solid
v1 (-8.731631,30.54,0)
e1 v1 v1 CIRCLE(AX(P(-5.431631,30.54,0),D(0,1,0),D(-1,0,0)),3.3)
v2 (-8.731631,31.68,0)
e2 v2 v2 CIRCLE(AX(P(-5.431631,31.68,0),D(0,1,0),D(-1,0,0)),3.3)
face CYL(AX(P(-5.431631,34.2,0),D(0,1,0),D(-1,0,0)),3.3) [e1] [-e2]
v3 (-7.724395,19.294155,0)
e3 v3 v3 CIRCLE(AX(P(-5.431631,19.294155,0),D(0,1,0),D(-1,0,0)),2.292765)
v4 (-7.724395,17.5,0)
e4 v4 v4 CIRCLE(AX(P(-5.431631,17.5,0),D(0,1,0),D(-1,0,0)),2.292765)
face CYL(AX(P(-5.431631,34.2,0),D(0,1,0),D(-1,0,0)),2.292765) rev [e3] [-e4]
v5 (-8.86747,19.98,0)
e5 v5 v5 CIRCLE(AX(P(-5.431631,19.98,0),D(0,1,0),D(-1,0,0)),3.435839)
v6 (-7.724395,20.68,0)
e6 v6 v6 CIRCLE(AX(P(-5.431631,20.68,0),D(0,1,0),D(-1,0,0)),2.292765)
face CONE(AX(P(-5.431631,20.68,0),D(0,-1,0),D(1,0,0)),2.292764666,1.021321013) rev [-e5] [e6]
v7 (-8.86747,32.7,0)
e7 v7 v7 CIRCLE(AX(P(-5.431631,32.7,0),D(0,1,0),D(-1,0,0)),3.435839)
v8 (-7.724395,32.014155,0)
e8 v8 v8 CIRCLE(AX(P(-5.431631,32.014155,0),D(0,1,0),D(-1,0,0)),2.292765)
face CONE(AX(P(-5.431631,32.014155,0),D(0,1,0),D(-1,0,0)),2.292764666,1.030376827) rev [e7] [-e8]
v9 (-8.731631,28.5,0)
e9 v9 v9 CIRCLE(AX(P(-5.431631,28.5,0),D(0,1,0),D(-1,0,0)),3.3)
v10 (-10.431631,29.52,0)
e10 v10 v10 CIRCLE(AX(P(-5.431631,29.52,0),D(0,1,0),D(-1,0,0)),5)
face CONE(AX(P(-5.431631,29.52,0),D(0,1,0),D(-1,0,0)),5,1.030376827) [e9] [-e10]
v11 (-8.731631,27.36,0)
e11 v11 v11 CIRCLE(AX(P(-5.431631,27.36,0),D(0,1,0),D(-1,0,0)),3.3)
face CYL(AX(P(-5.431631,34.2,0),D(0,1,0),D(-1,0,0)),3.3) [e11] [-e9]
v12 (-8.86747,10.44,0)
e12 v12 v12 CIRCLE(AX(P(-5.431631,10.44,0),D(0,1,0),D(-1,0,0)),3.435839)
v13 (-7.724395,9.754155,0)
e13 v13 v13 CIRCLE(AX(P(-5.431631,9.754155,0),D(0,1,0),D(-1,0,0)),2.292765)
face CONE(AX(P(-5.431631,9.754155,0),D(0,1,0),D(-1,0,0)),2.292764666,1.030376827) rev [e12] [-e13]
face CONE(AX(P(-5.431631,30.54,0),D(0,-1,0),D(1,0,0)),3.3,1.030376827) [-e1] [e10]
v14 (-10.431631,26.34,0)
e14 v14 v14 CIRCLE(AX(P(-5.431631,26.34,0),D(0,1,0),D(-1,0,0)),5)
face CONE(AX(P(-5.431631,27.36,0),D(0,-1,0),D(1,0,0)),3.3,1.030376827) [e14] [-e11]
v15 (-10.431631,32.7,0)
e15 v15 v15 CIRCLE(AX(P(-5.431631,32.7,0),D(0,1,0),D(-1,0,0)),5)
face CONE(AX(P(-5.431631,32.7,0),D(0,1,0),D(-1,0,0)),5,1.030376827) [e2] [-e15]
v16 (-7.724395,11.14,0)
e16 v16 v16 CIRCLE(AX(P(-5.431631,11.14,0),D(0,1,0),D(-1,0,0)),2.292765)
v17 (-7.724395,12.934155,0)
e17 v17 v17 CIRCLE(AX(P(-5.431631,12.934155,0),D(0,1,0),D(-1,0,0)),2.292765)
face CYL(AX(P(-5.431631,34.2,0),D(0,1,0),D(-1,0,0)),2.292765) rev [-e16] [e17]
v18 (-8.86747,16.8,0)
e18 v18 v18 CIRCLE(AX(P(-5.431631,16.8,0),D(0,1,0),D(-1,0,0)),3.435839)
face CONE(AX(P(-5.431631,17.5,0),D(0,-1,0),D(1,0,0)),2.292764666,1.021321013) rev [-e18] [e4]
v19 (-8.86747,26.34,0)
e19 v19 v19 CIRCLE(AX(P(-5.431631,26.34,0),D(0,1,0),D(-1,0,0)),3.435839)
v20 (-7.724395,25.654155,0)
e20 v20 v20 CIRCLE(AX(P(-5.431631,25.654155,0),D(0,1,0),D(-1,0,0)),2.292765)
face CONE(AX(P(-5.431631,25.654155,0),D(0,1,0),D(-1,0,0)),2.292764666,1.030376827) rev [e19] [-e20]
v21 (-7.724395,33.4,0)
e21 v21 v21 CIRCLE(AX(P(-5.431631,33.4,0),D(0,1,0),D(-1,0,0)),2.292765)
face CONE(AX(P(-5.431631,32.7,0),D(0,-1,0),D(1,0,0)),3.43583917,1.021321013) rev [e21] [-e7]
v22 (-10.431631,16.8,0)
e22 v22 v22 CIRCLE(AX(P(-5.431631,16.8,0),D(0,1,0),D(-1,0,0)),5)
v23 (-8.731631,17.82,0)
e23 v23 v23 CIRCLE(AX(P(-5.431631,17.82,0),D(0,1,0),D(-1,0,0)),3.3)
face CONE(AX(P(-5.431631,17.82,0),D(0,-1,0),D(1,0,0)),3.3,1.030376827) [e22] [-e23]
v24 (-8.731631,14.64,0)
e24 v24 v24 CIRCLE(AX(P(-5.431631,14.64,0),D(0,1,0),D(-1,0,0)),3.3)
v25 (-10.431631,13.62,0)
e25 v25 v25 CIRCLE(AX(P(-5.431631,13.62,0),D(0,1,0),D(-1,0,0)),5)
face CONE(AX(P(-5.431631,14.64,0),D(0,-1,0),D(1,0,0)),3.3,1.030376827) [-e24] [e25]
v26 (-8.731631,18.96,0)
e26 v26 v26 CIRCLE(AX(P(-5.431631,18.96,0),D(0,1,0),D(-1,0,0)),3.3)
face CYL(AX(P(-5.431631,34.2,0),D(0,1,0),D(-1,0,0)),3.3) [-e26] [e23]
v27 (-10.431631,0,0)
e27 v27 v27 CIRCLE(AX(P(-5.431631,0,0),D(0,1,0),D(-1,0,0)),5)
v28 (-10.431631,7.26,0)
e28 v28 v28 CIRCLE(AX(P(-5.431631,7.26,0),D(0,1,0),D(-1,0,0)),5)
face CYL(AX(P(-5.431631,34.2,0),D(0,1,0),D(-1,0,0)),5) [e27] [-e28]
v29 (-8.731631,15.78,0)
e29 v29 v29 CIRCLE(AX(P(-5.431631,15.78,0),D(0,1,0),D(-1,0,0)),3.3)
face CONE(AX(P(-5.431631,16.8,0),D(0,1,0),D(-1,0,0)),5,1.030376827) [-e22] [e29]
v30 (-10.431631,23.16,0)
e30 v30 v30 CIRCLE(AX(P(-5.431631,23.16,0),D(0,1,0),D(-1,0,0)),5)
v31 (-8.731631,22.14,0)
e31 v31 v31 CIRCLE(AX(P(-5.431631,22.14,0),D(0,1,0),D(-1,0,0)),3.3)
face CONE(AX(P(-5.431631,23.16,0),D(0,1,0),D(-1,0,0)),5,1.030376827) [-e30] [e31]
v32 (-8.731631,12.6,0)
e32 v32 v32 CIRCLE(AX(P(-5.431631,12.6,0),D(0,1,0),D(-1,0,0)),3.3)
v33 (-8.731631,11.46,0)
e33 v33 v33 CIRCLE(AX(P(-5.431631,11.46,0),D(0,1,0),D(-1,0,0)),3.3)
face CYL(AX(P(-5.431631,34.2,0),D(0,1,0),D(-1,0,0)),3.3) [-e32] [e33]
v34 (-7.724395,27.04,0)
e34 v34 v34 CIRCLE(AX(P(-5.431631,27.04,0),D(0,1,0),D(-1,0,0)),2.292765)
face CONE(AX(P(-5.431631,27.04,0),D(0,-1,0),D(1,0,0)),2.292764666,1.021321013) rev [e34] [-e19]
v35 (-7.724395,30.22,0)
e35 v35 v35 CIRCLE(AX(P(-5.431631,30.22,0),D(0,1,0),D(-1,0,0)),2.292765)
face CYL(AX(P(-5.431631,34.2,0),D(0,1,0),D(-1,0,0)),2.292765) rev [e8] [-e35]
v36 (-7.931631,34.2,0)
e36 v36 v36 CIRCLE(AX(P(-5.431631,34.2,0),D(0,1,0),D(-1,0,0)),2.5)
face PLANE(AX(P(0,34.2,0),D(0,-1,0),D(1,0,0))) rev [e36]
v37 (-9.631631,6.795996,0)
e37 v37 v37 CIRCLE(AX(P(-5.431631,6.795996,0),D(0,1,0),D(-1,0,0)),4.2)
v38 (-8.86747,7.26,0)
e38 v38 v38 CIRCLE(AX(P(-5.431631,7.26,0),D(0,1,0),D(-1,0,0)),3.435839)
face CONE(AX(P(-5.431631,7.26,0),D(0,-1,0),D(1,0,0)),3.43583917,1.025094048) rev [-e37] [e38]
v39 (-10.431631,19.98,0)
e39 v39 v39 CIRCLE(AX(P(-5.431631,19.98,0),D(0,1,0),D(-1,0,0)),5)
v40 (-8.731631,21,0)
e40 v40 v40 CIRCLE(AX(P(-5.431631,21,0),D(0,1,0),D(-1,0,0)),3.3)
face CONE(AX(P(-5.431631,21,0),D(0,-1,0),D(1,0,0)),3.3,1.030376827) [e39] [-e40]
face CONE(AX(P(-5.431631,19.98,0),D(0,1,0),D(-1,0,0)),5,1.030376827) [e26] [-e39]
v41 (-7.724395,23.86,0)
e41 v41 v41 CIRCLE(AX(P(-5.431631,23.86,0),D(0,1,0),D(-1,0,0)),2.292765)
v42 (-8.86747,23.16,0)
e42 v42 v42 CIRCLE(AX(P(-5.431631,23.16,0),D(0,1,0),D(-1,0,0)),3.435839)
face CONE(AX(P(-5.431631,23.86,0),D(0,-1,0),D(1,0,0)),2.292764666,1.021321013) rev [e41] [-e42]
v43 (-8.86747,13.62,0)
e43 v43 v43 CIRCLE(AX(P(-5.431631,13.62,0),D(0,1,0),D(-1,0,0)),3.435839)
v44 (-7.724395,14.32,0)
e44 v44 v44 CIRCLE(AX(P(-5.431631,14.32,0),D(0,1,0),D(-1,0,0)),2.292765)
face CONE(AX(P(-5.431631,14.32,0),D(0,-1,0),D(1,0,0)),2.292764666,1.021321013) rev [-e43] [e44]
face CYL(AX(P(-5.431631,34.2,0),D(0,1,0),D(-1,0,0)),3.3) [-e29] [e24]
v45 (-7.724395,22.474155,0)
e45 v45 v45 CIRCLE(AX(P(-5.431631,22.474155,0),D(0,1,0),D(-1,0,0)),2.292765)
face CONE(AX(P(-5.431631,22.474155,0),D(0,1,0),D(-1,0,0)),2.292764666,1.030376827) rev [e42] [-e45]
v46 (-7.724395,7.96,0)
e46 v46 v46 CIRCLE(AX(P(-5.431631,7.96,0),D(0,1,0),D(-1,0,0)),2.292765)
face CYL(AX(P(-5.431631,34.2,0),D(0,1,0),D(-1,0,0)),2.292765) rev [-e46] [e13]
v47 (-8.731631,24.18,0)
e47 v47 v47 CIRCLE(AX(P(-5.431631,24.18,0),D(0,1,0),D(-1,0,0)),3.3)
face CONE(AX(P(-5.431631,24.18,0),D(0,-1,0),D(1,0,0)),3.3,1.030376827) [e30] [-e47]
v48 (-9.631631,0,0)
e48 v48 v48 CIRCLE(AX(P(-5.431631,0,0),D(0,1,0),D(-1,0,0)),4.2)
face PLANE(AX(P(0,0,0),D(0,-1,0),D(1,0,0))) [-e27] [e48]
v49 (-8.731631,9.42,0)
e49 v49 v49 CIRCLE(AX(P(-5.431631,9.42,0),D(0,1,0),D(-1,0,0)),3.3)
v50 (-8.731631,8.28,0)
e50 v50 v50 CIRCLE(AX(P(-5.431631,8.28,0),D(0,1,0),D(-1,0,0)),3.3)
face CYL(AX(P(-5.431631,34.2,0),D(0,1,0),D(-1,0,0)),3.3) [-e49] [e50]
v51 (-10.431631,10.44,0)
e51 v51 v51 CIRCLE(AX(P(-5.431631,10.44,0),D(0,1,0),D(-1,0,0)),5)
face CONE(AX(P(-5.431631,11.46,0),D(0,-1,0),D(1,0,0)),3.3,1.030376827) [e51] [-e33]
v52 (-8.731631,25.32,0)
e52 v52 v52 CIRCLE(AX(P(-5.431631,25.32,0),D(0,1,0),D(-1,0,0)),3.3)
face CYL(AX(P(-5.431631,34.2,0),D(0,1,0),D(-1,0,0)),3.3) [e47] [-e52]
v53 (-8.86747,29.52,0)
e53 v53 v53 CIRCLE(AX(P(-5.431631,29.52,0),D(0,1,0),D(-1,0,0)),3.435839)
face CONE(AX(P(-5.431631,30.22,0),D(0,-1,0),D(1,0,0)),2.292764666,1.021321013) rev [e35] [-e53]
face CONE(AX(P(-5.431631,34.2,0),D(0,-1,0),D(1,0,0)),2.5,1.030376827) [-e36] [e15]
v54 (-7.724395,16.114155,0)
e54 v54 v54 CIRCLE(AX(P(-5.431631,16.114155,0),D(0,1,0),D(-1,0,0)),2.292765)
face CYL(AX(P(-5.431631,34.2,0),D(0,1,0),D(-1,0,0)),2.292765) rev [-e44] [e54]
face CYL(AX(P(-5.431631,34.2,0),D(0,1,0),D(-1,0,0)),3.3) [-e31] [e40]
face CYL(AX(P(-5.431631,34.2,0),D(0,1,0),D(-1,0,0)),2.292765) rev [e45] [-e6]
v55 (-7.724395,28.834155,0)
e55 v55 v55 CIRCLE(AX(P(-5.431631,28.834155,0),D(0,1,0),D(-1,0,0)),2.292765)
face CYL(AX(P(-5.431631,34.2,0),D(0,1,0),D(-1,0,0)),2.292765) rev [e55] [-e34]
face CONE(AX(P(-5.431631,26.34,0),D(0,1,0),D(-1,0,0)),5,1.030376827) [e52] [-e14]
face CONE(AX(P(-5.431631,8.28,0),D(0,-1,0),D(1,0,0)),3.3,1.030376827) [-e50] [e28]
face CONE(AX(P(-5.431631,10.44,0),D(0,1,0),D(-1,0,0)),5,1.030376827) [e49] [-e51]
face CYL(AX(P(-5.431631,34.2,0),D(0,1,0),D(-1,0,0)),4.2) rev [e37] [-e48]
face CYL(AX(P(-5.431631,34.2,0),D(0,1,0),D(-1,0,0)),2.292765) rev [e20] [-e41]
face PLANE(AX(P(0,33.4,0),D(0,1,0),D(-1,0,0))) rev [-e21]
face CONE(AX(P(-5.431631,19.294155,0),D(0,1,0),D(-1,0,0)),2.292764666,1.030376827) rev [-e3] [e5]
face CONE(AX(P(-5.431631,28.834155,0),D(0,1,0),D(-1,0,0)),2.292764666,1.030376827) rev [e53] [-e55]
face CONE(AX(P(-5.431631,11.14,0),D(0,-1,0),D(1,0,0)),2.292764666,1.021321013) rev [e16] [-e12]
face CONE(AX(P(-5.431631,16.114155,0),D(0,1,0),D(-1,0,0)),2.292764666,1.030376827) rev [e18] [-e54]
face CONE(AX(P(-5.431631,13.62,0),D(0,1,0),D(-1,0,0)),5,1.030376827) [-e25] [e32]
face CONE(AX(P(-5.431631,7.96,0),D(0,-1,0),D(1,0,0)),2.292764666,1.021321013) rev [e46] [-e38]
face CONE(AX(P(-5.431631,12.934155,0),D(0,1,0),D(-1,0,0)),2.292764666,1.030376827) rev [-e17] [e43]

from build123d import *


with BuildPart() as part:
    # Sketch1 → Revolve6 (revolve)
    with BuildSketch(Plane.XY, mode=Mode.PRIVATE) as revolve6_sk:
        Polygon((-0.431630681, 32.7), (-2.131630681, 31.68), (-2.131630681, 30.54), (-0.431630681, 29.52), (-2.131630681, 28.5), (-2.131630681, 27.36), (-0.431630681, 26.34), (-2.131630681, 25.32), (-2.131630681, 24.18), (-0.431630681, 23.16), (-2.131630681, 22.14), (-2.131630681, 21), (-0.431630681, 19.98), (-2.131630681, 18.96), (-2.131630681, 17.82), (-0.431630681, 16.8), (-2.131630681, 15.78), (-2.131630681, 14.64), (-0.431630681, 13.62), (-2.131630681, 12.6), (-2.131630681, 11.46), (-0.431630681, 10.44), (-2.131630681, 9.42), (-2.131630681, 8.28), (-0.431630681, 7.26), (-0.431630681, 0), (-1.231630681, 0), (-1.231630681, 6.795995819), (-1.995791511, 7.26), (-3.138866015, 7.96), (-3.138866015, 9.754155298), (-1.995791511, 10.44), (-3.138866015, 11.14), (-3.138866015, 12.934155298), (-1.995791511, 13.62), (-3.138866015, 14.32), (-3.138866015, 16.114155298), (-1.995791511, 16.8), (-3.138866015, 17.5), (-3.138866015, 19.294155298), (-1.995791511, 19.98), (-3.138866015, 20.68), (-3.138866015, 22.474155298), (-1.995791511, 23.16), (-3.138866015, 23.86), (-3.138866015, 25.654155298), (-1.995791511, 26.34), (-3.138866015, 27.04), (-3.138866015, 28.834155298), (-1.995791511, 29.52), (-3.138866015, 30.22), (-3.138866015, 32.014155298), (-1.995791511, 32.7), (-3.138866015, 33.4), (-5.431630681, 33.4), (-5.431630681, 34.2), (-2.931630681, 34.2), align=None)
    revolve(revolve6_sk.sketch.rotate(Axis((-5.431630681, 34.2, 0), (0, -1, 0)), 180), axis=Axis((-5.431630681, 34.2, 0), (0, -1, 0)))


solid = part.part
